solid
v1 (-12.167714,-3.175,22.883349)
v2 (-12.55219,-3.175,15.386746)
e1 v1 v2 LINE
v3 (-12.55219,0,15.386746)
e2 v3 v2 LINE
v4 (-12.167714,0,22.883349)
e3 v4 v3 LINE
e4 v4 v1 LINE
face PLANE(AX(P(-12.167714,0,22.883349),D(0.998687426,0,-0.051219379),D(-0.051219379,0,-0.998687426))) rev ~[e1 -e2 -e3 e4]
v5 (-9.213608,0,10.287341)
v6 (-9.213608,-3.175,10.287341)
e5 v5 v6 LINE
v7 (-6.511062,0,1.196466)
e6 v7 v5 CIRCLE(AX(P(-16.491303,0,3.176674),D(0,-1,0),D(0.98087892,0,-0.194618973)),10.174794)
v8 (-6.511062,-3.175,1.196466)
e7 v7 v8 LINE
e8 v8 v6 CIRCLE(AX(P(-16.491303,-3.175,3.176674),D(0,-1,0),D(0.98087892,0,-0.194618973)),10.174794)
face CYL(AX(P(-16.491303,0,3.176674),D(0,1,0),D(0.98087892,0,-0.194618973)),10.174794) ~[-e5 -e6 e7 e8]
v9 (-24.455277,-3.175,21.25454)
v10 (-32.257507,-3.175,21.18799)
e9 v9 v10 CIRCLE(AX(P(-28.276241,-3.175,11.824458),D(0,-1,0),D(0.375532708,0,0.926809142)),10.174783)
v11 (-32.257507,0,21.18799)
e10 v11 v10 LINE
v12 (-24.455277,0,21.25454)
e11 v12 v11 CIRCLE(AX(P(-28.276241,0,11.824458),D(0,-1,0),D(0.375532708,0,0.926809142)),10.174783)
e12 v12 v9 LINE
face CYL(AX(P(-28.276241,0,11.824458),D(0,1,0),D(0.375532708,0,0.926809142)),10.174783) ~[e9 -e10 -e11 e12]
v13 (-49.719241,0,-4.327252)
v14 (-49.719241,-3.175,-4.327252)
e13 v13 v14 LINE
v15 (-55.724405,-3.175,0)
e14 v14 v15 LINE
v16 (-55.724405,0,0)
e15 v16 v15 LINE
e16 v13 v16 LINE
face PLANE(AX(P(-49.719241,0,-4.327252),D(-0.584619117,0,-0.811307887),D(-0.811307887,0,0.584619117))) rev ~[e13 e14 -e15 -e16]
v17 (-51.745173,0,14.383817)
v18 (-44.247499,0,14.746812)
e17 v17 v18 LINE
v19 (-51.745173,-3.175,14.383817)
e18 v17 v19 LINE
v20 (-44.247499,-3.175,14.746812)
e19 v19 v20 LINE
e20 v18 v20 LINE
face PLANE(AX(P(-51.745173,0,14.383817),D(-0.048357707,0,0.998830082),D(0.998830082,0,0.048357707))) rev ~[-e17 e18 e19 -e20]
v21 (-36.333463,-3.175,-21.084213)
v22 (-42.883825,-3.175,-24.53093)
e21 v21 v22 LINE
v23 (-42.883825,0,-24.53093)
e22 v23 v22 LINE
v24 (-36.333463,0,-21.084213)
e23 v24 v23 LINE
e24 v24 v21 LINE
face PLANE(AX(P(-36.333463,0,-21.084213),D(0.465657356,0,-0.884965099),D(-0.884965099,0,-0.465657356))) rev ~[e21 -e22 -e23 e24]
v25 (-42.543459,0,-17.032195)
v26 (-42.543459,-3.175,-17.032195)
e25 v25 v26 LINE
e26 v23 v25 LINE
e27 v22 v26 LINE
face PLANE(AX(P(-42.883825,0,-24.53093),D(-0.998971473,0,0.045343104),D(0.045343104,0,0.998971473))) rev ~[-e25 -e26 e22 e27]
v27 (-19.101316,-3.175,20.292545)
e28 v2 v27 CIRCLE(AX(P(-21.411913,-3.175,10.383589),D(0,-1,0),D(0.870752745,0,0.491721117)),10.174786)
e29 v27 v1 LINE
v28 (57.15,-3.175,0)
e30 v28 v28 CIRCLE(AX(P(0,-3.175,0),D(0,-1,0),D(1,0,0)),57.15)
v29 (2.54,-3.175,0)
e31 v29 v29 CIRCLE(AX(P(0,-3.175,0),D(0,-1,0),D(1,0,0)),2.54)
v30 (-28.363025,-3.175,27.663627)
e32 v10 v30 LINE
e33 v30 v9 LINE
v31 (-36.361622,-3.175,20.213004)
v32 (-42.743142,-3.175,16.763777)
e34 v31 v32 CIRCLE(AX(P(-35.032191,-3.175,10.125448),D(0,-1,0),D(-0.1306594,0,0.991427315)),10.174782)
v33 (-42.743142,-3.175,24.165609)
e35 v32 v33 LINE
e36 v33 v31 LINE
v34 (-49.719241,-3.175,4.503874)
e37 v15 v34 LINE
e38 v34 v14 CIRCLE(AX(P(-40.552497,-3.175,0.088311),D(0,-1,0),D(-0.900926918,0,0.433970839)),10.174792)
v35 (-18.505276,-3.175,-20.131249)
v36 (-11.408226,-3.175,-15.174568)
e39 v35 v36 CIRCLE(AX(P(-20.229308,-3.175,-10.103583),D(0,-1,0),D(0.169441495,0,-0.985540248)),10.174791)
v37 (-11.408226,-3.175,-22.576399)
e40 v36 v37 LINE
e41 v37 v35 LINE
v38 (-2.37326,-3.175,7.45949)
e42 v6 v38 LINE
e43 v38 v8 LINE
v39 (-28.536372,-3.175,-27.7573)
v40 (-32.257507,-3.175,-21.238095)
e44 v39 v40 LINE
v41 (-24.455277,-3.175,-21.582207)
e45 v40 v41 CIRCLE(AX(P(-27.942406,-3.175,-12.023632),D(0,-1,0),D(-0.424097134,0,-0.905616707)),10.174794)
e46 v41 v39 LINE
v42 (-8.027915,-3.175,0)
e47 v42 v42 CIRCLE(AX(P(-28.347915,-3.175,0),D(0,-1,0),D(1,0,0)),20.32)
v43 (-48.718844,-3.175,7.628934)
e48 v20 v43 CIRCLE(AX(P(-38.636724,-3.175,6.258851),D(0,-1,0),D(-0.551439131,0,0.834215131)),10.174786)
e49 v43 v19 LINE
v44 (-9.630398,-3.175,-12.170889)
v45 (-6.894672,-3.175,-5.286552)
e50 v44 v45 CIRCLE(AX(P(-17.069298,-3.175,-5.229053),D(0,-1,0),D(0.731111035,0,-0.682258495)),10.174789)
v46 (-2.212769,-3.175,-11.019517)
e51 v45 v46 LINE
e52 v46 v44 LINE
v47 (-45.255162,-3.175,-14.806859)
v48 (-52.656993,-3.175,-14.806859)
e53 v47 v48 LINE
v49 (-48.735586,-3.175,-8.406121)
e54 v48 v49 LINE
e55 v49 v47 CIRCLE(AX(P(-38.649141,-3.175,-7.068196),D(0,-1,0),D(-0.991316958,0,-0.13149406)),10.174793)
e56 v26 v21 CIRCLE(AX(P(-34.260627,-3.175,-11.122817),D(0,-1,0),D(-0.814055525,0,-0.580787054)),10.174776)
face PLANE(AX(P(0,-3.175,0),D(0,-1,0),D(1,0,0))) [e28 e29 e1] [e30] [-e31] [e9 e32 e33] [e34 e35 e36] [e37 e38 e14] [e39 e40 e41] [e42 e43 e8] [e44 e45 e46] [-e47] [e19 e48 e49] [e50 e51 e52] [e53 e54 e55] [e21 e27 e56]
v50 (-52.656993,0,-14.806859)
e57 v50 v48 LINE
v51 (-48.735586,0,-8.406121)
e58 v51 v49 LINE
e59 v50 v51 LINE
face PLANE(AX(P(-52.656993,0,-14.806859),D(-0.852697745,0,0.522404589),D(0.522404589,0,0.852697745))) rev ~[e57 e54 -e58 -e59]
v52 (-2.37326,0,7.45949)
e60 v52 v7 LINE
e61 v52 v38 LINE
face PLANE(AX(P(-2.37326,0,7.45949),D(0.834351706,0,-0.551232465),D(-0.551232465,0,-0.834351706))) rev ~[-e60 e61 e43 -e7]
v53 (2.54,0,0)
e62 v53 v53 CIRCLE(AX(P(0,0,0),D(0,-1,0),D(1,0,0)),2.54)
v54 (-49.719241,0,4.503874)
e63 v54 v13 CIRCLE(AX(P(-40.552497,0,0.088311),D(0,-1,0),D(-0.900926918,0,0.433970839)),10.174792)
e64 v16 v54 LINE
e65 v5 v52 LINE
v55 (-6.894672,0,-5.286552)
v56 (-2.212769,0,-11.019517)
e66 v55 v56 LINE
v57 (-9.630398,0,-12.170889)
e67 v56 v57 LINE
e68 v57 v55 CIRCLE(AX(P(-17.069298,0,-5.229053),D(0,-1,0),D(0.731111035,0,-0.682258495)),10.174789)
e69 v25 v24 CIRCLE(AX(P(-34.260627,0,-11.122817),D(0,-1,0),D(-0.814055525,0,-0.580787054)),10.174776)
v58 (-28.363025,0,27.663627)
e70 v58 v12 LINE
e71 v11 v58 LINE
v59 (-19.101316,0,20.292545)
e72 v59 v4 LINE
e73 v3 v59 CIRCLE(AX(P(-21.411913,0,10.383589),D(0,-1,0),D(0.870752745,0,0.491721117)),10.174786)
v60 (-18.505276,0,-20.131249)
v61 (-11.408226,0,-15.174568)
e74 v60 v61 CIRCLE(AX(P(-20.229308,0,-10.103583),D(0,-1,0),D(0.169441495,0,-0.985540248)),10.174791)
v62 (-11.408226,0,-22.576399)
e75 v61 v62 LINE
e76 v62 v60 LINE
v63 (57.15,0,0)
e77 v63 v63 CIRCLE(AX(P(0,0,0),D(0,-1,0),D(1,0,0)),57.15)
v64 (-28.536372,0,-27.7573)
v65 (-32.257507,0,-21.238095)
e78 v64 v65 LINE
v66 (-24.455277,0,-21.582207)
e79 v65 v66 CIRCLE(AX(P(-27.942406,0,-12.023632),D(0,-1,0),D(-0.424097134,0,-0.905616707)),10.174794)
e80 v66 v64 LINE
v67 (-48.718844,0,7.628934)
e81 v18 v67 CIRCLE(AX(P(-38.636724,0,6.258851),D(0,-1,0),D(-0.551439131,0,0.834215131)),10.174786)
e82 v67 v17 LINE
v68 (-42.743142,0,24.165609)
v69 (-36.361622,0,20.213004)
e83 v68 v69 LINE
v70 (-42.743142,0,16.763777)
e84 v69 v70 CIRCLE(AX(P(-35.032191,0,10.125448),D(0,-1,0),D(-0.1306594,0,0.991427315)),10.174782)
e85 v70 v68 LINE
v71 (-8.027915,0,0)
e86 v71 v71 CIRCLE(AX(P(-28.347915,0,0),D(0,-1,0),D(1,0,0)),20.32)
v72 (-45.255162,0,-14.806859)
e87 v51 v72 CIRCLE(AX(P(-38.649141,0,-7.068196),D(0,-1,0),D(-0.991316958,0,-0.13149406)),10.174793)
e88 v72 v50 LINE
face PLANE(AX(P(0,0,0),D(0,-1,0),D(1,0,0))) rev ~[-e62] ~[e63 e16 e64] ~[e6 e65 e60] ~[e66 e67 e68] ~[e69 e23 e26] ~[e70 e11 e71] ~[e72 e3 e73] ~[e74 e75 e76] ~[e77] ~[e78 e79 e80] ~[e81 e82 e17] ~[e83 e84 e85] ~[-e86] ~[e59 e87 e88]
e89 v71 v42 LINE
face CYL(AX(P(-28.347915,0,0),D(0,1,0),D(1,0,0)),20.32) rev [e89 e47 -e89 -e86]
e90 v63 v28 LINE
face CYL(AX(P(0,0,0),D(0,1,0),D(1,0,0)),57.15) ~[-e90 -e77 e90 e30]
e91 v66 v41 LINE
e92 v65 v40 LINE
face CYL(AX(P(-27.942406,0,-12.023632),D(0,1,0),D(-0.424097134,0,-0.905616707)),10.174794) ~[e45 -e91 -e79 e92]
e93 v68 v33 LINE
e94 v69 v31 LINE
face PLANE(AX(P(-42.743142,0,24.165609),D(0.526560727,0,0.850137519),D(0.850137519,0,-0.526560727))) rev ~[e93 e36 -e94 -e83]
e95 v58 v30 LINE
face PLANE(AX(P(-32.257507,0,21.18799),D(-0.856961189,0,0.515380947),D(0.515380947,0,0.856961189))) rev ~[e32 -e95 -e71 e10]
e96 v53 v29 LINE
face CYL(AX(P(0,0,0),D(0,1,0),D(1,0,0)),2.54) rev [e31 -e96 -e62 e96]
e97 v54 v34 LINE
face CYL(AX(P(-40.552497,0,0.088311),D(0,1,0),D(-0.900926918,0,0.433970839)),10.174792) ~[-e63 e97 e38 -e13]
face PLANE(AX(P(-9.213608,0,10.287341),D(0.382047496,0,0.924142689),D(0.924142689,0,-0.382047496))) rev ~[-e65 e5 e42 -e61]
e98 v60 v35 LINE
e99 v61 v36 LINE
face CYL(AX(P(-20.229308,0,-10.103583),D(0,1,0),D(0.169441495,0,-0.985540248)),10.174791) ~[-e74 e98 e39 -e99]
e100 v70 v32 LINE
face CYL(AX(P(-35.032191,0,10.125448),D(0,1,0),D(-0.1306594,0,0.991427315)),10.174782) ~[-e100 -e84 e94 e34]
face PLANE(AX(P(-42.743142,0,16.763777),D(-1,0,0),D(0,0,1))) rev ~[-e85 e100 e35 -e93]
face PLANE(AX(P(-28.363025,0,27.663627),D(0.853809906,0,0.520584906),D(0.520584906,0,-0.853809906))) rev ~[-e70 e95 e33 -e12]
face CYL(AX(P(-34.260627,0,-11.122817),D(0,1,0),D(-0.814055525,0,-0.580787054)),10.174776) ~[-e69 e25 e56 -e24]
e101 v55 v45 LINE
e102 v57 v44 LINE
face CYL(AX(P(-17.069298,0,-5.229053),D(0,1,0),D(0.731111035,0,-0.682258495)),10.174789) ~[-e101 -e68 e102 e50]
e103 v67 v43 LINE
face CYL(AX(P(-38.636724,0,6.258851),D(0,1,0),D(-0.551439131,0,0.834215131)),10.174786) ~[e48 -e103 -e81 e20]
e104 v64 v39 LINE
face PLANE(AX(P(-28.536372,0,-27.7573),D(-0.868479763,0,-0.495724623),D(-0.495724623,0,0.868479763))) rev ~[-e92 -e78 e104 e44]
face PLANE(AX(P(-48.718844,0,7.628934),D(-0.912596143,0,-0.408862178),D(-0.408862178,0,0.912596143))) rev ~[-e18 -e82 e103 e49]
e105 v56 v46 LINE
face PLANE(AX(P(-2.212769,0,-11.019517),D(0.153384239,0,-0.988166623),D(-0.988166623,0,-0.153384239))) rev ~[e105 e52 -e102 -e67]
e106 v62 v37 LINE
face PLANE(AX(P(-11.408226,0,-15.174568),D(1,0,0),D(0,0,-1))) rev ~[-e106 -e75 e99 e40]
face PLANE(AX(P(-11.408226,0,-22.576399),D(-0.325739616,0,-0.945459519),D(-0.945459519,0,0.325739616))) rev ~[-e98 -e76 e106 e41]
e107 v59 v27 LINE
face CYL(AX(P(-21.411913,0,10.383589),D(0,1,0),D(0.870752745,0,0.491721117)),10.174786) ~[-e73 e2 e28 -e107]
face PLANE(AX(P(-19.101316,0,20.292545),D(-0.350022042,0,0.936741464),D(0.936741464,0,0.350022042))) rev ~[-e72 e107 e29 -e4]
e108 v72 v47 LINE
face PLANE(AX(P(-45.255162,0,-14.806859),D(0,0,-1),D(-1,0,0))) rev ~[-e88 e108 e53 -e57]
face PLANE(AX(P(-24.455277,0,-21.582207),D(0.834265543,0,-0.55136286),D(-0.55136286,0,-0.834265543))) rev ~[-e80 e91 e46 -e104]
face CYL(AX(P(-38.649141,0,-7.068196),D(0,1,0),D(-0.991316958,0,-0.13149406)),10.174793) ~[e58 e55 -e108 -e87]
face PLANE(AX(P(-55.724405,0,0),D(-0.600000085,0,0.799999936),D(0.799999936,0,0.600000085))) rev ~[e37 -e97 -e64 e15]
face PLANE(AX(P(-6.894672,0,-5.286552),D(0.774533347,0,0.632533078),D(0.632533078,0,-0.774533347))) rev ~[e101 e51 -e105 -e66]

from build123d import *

# Parameters (mm, degrees)
F0_R     = 57.15
F0_R_2   = 20.32
F0_R_3   = 2.54
F1_DEPTH = 3.175


with BuildPart() as f1:
    # F0 (on Front) → F1 (new body)
    with BuildSketch(Plane.XZ):
        Circle(F0_R)
        with BuildLine():
            Line((-42.883825, -24.53093), (-42.543459, -17.032195))
            ThreePointArc((-42.543459, -17.032195), (-39.820724, -19.644048), (-36.333463, -21.084213))
            Line((-36.333463, -21.084213), (-42.883825, -24.53093))
        make_face(mode=Mode.SUBTRACT)
        with BuildLine():
            Line((-52.656993, -14.806859), (-48.735586, -8.406121))
            ThreePointArc((-48.735586, -8.406121), (-47.587931, -11.928695), (-45.255162, -14.806859))
            Line((-45.255162, -14.806859), (-52.656993, -14.806859))
        make_face(mode=Mode.SUBTRACT)
        with BuildLine():
            Line((-28.536372, -27.7573), (-32.257507, -21.238095))
            ThreePointArc((-32.257507, -21.238095), (-28.390723, -22.188544), (-24.455277, -21.582207))
            Line((-24.455277, -21.582207), (-28.536372, -27.7573))
        make_face(mode=Mode.SUBTRACT)
        with BuildLine():
            Line((-11.408226, -22.576399), (-18.505276, -20.131249))
            ThreePointArc((-18.505276, -20.131249), (-14.403329, -18.445306), (-11.408226, -15.174568))
            Line((-11.408226, -15.174568), (-11.408226, -22.576399))
        make_face(mode=Mode.SUBTRACT)
        with BuildLine():
            Line((-2.212769, -11.019517), (-9.630398, -12.170889))
            ThreePointArc((-9.630398, -12.170889), (-7.613739, -8.986542), (-6.894672, -5.286552))
            Line((-6.894672, -5.286552), (-2.212769, -11.019517))
        make_face(mode=Mode.SUBTRACT)
        with BuildLine():
            Line((-55.724405, 0), (-49.719241, 4.503874))
            ThreePointArc((-49.719241, 4.503874), (-50.727289, 0.088311), (-49.719241, -4.327252))
            Line((-49.719241, -4.327252), (-55.724405, 0))
        make_face(mode=Mode.SUBTRACT)
        with BuildLine():
            Line((-51.745173, 14.383817), (-44.247499, 14.746812))
            ThreePointArc((-44.247499, 14.746812), (-47.252569, 11.671197), (-48.718844, 7.628934))
            Line((-48.718844, 7.628934), (-51.745173, 14.383817))
        make_face(mode=Mode.SUBTRACT)
        with BuildLine():
            Line((-42.743142, 24.165609), (-36.361622, 20.213004))
            ThreePointArc((-36.361622, 20.213004), (-39.870209, 19.076412), (-42.743142, 16.763777))
            Line((-42.743142, 16.763777), (-42.743142, 24.165609))
        make_face(mode=Mode.SUBTRACT)
        with Locations((-28.347915, 0)):
            Circle(F0_R_2, mode=Mode.SUBTRACT)
        with BuildLine():
            Line((-2.37326, 7.45949), (-6.511062, 1.196466))
            ThreePointArc((-6.511062, 1.196466), (-6.73835, 6.076043), (-9.213608, 10.287341))
            Line((-9.213608, 10.287341), (-2.37326, 7.45949))
        make_face(mode=Mode.SUBTRACT)
        with BuildLine():
            Line((-12.167714, 22.883349), (-12.55219, 15.386746))
            ThreePointArc((-12.55219, 15.386746), (-15.311854, 18.527025), (-19.101316, 20.292545))
            Line((-19.101316, 20.292545), (-12.167714, 22.883349))
        make_face(mode=Mode.SUBTRACT)
        with BuildLine():
            Line((-28.363025, 27.663627), (-24.455277, 21.25454))
            ThreePointArc((-24.455277, 21.25454), (-28.363025, 21.998871), (-32.257507, 21.18799))
            Line((-32.257507, 21.18799), (-28.363025, 27.663627))
        make_face(mode=Mode.SUBTRACT)
        Circle(F0_R_3, mode=Mode.SUBTRACT)
    extrude(amount=F1_DEPTH)


solid = f1.part
